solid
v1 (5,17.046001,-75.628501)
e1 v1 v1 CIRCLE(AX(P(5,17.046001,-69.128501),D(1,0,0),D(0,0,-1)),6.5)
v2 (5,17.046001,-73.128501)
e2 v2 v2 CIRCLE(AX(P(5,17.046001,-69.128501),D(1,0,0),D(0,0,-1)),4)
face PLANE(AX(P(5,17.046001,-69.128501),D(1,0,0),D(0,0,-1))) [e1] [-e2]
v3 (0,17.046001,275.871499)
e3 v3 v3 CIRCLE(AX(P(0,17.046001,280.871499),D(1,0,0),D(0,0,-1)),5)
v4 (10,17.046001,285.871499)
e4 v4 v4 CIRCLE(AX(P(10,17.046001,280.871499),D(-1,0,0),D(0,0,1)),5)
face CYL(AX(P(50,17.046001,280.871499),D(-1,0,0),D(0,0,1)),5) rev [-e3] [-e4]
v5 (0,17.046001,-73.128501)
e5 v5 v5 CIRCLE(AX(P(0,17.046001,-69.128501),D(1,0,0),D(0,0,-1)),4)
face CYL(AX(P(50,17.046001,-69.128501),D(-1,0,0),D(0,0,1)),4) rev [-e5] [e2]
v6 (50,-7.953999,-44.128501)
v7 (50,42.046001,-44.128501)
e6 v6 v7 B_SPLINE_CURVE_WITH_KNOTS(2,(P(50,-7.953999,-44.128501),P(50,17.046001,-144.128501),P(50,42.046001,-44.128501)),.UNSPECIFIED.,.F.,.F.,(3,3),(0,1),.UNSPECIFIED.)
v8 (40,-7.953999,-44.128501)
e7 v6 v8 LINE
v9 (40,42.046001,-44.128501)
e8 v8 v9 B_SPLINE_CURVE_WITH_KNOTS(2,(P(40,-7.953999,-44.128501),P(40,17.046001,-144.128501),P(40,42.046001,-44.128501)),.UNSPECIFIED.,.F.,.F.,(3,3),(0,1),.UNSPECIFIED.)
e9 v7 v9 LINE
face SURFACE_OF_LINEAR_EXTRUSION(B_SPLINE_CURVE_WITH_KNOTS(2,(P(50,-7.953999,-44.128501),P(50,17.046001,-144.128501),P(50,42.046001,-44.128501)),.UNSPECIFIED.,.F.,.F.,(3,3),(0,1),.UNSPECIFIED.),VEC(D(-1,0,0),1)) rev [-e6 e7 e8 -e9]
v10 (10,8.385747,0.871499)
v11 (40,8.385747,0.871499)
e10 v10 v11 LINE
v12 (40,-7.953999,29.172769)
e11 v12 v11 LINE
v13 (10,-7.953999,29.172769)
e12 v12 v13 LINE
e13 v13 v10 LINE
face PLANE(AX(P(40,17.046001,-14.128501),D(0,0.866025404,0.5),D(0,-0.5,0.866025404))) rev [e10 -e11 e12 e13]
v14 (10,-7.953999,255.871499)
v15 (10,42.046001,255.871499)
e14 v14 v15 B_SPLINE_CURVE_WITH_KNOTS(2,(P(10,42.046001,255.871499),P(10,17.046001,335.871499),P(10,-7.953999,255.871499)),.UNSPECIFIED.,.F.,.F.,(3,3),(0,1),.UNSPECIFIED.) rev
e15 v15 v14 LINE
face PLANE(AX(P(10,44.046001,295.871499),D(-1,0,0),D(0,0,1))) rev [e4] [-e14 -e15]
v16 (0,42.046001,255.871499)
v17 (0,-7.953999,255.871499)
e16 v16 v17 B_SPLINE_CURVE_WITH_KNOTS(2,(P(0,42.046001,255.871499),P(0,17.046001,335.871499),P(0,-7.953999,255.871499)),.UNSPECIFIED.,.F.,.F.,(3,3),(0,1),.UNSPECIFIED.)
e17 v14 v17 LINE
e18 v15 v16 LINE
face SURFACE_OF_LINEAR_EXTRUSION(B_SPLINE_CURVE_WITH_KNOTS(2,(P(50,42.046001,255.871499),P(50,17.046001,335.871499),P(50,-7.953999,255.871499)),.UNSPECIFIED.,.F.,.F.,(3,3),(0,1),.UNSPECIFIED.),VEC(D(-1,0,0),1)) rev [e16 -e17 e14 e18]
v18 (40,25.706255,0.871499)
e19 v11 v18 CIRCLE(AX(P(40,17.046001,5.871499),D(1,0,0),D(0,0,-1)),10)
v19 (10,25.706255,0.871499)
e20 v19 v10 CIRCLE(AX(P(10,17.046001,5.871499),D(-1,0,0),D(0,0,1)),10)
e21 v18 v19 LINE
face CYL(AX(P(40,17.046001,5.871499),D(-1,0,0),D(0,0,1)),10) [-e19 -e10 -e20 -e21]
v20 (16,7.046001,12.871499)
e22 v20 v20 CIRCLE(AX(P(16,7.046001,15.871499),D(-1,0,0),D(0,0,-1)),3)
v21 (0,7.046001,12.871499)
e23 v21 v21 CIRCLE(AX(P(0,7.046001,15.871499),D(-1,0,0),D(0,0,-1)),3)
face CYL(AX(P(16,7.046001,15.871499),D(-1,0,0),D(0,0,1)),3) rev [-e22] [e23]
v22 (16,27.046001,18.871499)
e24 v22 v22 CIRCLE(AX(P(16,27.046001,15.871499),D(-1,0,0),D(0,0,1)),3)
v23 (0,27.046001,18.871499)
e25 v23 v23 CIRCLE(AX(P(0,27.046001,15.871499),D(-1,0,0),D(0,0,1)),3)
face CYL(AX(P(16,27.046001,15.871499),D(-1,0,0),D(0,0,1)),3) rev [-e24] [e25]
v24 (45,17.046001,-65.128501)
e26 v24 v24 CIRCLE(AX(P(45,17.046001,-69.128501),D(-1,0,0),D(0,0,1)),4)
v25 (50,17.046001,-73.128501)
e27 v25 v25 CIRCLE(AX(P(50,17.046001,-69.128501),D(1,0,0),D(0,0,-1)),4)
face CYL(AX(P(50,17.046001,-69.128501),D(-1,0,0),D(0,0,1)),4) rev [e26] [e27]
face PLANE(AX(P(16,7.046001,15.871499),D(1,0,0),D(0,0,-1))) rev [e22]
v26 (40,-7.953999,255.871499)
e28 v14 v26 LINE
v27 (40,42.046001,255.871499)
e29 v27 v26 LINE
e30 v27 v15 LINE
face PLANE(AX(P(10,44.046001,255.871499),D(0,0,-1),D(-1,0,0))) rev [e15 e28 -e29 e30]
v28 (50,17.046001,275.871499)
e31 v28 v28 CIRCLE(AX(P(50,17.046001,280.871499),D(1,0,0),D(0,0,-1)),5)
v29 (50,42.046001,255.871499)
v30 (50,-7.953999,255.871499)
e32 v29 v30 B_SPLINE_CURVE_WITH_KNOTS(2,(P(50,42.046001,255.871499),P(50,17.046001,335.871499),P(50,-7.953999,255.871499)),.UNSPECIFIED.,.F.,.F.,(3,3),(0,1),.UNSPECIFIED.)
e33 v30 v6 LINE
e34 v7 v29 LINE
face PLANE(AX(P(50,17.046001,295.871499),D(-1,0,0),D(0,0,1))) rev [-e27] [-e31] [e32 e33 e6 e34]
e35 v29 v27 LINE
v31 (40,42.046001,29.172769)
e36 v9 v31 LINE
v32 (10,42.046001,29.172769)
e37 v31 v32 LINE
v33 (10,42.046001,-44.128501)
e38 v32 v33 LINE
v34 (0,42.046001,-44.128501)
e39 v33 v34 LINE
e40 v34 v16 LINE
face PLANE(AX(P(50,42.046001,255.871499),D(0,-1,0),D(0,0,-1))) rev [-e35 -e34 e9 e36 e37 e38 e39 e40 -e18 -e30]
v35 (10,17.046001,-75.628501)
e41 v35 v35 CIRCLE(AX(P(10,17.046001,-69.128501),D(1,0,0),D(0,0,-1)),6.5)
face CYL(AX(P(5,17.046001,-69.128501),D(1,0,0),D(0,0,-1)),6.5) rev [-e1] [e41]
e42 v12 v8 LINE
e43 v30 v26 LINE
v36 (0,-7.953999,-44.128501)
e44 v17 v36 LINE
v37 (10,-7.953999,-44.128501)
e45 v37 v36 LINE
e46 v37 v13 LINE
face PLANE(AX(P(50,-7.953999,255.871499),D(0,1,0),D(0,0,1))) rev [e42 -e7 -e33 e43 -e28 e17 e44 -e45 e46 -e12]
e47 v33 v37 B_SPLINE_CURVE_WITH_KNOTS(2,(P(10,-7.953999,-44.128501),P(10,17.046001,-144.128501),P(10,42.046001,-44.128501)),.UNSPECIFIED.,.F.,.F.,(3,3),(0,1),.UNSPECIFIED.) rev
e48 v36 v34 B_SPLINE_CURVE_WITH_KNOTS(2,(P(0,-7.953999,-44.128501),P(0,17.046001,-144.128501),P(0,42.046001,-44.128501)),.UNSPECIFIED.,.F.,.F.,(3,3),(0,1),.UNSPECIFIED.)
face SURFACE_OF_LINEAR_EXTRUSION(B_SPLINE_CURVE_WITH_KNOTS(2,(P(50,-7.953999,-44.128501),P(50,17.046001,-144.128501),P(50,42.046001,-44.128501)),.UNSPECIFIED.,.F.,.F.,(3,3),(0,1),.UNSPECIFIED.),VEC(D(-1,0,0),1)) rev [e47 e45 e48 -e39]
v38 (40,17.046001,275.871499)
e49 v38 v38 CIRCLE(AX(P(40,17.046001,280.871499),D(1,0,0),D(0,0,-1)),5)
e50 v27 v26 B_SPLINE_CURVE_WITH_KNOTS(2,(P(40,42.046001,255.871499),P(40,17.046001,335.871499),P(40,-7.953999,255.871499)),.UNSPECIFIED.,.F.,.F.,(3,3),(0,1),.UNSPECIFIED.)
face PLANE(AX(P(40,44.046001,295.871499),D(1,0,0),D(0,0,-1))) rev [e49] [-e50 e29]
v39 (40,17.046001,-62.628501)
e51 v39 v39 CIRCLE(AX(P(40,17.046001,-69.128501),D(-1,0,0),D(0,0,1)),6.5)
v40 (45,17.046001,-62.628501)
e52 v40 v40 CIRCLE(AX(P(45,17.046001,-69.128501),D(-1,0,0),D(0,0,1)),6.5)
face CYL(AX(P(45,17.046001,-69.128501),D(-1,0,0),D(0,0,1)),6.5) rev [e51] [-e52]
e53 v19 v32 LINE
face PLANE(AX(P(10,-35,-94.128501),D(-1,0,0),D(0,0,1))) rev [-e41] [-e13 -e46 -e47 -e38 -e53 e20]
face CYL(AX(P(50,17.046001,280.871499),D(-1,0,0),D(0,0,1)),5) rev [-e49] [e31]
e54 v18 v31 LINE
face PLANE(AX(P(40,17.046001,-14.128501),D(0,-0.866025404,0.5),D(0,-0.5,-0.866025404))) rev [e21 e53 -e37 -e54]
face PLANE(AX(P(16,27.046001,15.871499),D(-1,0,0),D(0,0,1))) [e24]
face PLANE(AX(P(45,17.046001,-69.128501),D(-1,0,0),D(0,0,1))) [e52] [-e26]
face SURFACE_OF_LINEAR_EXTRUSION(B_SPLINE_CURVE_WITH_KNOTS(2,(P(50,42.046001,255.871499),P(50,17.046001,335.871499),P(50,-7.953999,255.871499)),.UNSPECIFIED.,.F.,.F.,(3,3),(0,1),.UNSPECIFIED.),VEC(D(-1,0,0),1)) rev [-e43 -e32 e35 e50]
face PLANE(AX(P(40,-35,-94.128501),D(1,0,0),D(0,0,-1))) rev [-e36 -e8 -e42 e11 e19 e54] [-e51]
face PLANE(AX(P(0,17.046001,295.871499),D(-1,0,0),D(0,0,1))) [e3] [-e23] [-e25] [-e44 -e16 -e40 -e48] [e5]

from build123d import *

# Parameters (mm, degrees)
SKETCH1_R               = 5
SKETCH1_R_2             = 4
BOSS_EXTRUDE1_DEPTH     = 50
CUT_EXTRUDE1_DEPTH      = 52
CUT_EXTRUDE1_DEPTH_BACK = 35
SKETCH2_W               = 30
SKETCH2_H               = 80
SKETCH3_W               = 30
SKETCH3_H               = 40
CUT_EXTRUDE2_DEPTH      = 52
CUT_EXTRUDE3_START      = -10
CUT_EXTRUDE3_DEPTH      = 30
CUT_EXTRUDE4_START      = -10
CUT_EXTRUDE4_DEPTH      = 30
FILLET1_R               = 10
SKETCH7_R               = 6.5
CUT_EXTRUDE5_DEPTH      = 5
CUT_EXTRUDE6_START      = -5
SKETCH6_R               = 6.5
CUT_EXTRUDE6_DEPTH      = 5
SKETCH8_R               = 3
CUT_EXTRUDE8_DEPTH      = 16


with BuildPart() as part:
    # Sketch1 → Boss-Extrude1 (new body)
    with BuildSketch(Plane(origin=(0, 0, 0), x_dir=(0, 0, -1), z_dir=(1, 0, 0))):
        with BuildLine():
            Line((-255.87149894, 42.046001407), (44.12850106, 42.046001407))
            add(Edge.make_bspline(
                [(44.12850106, 42.046001407), (144.12850106, 17.046001407), (44.12850106, -7.953998593)],
                knots=[0, 0, 0, 1, 1, 1], degree=2))
            Line((44.12850106, -7.953998593), (-255.87149894, -7.953998593))
            add(Edge.make_bspline(
                [(-255.87149894, 42.046001407), (-335.87149894, 17.046001407), (-255.87149894, -7.953998593)],
                knots=[0, 0, 0, 1, 1, 1], degree=2))
        make_face()
        with Locations((-280.87149894, 17.046001407)):
            Circle(SKETCH1_R, mode=Mode.SUBTRACT)
        with Locations((69.12850106, 17.046001407)):
            Circle(SKETCH1_R_2, mode=Mode.SUBTRACT)
    extrude(amount=BOSS_EXTRUDE1_DEPTH)

    # Sketch2 → Cut-Extrude1 (cut, two sides: drawn at the far end of the back side and taken through both)
    with BuildSketch(Plane(origin=(0, 0, 0), x_dir=(1, 0, 0), z_dir=(0, 1, 0)).offset(-CUT_EXTRUDE1_DEPTH_BACK)):
        with Locations((25, 54.12850106)):
            Rectangle(SKETCH2_W, SKETCH2_H)
    extrude(amount=CUT_EXTRUDE1_DEPTH + CUT_EXTRUDE1_DEPTH_BACK, mode=Mode.SUBTRACT)

    # Sketch3 → Cut-Extrude2 (cut)
    with BuildSketch(Plane.XZ.offset(7.953998593)):
        with Locations((25, 275.87149894)):
            Rectangle(SKETCH3_W, SKETCH3_H)
    extrude(amount=-CUT_EXTRUDE2_DEPTH, mode=Mode.SUBTRACT)

    # Sketch4 → Cut-Extrude3 (cut)
    with BuildSketch(Plane.ZY.offset(CUT_EXTRUDE3_START)):
        Polygon((-14.12850106, 17.046001407), (-14.12850106, 42.046001407), (29.172769129, 42.046001407), align=None)
    extrude(amount=-CUT_EXTRUDE3_DEPTH, mode=Mode.SUBTRACT)

    # Sketch5 → Cut-Extrude4 (cut)
    with BuildSketch(Plane.ZY.offset(CUT_EXTRUDE4_START)):
        Polygon((-14.12850106, -7.953998593), (-14.12850106, 17.046001407), (29.172769129, -7.953998593), align=None)
    extrude(amount=-CUT_EXTRUDE4_DEPTH, mode=Mode.SUBTRACT)

    # Fillet1
    fillet1_edges = [part.edges().sort_by_distance(p)[0] for p in [
        (25, 17.046001407, -14.12850106),
    ]]
    fillet(fillet1_edges, radius=FILLET1_R)

    # Sketch7 → Cut-Extrude5 (cut)
    with BuildSketch(Plane.ZY.offset(-40)):
        with Locations((-69.12850106, 17.046001407)):
            Circle(SKETCH7_R)
    extrude(amount=-CUT_EXTRUDE5_DEPTH, mode=Mode.SUBTRACT)

    # Sketch6 → Cut-Extrude6 (cut)
    with BuildSketch(Plane(origin=(10, 0, 0), x_dir=(0, 0, -1), z_dir=(1, 0, 0)).offset(CUT_EXTRUDE6_START)):
        with Locations(Location((69.12850106, 17.046001407, 0), (0, 0, 180))):
            Circle(SKETCH6_R)
    extrude(amount=CUT_EXTRUDE6_DEPTH, mode=Mode.SUBTRACT)

    # Sketch8 → Cut-Extrude8 (cut)
    with BuildSketch(Plane.ZY):
        with Locations(Location((15.87149894, 7.046001407, 0), (0, 0, 180))):
            Circle(SKETCH8_R)
        with Locations((15.87149894, 27.046001407)):
            Circle(SKETCH8_R)
    extrude(amount=-CUT_EXTRUDE8_DEPTH, mode=Mode.SUBTRACT)


solid = part.part
